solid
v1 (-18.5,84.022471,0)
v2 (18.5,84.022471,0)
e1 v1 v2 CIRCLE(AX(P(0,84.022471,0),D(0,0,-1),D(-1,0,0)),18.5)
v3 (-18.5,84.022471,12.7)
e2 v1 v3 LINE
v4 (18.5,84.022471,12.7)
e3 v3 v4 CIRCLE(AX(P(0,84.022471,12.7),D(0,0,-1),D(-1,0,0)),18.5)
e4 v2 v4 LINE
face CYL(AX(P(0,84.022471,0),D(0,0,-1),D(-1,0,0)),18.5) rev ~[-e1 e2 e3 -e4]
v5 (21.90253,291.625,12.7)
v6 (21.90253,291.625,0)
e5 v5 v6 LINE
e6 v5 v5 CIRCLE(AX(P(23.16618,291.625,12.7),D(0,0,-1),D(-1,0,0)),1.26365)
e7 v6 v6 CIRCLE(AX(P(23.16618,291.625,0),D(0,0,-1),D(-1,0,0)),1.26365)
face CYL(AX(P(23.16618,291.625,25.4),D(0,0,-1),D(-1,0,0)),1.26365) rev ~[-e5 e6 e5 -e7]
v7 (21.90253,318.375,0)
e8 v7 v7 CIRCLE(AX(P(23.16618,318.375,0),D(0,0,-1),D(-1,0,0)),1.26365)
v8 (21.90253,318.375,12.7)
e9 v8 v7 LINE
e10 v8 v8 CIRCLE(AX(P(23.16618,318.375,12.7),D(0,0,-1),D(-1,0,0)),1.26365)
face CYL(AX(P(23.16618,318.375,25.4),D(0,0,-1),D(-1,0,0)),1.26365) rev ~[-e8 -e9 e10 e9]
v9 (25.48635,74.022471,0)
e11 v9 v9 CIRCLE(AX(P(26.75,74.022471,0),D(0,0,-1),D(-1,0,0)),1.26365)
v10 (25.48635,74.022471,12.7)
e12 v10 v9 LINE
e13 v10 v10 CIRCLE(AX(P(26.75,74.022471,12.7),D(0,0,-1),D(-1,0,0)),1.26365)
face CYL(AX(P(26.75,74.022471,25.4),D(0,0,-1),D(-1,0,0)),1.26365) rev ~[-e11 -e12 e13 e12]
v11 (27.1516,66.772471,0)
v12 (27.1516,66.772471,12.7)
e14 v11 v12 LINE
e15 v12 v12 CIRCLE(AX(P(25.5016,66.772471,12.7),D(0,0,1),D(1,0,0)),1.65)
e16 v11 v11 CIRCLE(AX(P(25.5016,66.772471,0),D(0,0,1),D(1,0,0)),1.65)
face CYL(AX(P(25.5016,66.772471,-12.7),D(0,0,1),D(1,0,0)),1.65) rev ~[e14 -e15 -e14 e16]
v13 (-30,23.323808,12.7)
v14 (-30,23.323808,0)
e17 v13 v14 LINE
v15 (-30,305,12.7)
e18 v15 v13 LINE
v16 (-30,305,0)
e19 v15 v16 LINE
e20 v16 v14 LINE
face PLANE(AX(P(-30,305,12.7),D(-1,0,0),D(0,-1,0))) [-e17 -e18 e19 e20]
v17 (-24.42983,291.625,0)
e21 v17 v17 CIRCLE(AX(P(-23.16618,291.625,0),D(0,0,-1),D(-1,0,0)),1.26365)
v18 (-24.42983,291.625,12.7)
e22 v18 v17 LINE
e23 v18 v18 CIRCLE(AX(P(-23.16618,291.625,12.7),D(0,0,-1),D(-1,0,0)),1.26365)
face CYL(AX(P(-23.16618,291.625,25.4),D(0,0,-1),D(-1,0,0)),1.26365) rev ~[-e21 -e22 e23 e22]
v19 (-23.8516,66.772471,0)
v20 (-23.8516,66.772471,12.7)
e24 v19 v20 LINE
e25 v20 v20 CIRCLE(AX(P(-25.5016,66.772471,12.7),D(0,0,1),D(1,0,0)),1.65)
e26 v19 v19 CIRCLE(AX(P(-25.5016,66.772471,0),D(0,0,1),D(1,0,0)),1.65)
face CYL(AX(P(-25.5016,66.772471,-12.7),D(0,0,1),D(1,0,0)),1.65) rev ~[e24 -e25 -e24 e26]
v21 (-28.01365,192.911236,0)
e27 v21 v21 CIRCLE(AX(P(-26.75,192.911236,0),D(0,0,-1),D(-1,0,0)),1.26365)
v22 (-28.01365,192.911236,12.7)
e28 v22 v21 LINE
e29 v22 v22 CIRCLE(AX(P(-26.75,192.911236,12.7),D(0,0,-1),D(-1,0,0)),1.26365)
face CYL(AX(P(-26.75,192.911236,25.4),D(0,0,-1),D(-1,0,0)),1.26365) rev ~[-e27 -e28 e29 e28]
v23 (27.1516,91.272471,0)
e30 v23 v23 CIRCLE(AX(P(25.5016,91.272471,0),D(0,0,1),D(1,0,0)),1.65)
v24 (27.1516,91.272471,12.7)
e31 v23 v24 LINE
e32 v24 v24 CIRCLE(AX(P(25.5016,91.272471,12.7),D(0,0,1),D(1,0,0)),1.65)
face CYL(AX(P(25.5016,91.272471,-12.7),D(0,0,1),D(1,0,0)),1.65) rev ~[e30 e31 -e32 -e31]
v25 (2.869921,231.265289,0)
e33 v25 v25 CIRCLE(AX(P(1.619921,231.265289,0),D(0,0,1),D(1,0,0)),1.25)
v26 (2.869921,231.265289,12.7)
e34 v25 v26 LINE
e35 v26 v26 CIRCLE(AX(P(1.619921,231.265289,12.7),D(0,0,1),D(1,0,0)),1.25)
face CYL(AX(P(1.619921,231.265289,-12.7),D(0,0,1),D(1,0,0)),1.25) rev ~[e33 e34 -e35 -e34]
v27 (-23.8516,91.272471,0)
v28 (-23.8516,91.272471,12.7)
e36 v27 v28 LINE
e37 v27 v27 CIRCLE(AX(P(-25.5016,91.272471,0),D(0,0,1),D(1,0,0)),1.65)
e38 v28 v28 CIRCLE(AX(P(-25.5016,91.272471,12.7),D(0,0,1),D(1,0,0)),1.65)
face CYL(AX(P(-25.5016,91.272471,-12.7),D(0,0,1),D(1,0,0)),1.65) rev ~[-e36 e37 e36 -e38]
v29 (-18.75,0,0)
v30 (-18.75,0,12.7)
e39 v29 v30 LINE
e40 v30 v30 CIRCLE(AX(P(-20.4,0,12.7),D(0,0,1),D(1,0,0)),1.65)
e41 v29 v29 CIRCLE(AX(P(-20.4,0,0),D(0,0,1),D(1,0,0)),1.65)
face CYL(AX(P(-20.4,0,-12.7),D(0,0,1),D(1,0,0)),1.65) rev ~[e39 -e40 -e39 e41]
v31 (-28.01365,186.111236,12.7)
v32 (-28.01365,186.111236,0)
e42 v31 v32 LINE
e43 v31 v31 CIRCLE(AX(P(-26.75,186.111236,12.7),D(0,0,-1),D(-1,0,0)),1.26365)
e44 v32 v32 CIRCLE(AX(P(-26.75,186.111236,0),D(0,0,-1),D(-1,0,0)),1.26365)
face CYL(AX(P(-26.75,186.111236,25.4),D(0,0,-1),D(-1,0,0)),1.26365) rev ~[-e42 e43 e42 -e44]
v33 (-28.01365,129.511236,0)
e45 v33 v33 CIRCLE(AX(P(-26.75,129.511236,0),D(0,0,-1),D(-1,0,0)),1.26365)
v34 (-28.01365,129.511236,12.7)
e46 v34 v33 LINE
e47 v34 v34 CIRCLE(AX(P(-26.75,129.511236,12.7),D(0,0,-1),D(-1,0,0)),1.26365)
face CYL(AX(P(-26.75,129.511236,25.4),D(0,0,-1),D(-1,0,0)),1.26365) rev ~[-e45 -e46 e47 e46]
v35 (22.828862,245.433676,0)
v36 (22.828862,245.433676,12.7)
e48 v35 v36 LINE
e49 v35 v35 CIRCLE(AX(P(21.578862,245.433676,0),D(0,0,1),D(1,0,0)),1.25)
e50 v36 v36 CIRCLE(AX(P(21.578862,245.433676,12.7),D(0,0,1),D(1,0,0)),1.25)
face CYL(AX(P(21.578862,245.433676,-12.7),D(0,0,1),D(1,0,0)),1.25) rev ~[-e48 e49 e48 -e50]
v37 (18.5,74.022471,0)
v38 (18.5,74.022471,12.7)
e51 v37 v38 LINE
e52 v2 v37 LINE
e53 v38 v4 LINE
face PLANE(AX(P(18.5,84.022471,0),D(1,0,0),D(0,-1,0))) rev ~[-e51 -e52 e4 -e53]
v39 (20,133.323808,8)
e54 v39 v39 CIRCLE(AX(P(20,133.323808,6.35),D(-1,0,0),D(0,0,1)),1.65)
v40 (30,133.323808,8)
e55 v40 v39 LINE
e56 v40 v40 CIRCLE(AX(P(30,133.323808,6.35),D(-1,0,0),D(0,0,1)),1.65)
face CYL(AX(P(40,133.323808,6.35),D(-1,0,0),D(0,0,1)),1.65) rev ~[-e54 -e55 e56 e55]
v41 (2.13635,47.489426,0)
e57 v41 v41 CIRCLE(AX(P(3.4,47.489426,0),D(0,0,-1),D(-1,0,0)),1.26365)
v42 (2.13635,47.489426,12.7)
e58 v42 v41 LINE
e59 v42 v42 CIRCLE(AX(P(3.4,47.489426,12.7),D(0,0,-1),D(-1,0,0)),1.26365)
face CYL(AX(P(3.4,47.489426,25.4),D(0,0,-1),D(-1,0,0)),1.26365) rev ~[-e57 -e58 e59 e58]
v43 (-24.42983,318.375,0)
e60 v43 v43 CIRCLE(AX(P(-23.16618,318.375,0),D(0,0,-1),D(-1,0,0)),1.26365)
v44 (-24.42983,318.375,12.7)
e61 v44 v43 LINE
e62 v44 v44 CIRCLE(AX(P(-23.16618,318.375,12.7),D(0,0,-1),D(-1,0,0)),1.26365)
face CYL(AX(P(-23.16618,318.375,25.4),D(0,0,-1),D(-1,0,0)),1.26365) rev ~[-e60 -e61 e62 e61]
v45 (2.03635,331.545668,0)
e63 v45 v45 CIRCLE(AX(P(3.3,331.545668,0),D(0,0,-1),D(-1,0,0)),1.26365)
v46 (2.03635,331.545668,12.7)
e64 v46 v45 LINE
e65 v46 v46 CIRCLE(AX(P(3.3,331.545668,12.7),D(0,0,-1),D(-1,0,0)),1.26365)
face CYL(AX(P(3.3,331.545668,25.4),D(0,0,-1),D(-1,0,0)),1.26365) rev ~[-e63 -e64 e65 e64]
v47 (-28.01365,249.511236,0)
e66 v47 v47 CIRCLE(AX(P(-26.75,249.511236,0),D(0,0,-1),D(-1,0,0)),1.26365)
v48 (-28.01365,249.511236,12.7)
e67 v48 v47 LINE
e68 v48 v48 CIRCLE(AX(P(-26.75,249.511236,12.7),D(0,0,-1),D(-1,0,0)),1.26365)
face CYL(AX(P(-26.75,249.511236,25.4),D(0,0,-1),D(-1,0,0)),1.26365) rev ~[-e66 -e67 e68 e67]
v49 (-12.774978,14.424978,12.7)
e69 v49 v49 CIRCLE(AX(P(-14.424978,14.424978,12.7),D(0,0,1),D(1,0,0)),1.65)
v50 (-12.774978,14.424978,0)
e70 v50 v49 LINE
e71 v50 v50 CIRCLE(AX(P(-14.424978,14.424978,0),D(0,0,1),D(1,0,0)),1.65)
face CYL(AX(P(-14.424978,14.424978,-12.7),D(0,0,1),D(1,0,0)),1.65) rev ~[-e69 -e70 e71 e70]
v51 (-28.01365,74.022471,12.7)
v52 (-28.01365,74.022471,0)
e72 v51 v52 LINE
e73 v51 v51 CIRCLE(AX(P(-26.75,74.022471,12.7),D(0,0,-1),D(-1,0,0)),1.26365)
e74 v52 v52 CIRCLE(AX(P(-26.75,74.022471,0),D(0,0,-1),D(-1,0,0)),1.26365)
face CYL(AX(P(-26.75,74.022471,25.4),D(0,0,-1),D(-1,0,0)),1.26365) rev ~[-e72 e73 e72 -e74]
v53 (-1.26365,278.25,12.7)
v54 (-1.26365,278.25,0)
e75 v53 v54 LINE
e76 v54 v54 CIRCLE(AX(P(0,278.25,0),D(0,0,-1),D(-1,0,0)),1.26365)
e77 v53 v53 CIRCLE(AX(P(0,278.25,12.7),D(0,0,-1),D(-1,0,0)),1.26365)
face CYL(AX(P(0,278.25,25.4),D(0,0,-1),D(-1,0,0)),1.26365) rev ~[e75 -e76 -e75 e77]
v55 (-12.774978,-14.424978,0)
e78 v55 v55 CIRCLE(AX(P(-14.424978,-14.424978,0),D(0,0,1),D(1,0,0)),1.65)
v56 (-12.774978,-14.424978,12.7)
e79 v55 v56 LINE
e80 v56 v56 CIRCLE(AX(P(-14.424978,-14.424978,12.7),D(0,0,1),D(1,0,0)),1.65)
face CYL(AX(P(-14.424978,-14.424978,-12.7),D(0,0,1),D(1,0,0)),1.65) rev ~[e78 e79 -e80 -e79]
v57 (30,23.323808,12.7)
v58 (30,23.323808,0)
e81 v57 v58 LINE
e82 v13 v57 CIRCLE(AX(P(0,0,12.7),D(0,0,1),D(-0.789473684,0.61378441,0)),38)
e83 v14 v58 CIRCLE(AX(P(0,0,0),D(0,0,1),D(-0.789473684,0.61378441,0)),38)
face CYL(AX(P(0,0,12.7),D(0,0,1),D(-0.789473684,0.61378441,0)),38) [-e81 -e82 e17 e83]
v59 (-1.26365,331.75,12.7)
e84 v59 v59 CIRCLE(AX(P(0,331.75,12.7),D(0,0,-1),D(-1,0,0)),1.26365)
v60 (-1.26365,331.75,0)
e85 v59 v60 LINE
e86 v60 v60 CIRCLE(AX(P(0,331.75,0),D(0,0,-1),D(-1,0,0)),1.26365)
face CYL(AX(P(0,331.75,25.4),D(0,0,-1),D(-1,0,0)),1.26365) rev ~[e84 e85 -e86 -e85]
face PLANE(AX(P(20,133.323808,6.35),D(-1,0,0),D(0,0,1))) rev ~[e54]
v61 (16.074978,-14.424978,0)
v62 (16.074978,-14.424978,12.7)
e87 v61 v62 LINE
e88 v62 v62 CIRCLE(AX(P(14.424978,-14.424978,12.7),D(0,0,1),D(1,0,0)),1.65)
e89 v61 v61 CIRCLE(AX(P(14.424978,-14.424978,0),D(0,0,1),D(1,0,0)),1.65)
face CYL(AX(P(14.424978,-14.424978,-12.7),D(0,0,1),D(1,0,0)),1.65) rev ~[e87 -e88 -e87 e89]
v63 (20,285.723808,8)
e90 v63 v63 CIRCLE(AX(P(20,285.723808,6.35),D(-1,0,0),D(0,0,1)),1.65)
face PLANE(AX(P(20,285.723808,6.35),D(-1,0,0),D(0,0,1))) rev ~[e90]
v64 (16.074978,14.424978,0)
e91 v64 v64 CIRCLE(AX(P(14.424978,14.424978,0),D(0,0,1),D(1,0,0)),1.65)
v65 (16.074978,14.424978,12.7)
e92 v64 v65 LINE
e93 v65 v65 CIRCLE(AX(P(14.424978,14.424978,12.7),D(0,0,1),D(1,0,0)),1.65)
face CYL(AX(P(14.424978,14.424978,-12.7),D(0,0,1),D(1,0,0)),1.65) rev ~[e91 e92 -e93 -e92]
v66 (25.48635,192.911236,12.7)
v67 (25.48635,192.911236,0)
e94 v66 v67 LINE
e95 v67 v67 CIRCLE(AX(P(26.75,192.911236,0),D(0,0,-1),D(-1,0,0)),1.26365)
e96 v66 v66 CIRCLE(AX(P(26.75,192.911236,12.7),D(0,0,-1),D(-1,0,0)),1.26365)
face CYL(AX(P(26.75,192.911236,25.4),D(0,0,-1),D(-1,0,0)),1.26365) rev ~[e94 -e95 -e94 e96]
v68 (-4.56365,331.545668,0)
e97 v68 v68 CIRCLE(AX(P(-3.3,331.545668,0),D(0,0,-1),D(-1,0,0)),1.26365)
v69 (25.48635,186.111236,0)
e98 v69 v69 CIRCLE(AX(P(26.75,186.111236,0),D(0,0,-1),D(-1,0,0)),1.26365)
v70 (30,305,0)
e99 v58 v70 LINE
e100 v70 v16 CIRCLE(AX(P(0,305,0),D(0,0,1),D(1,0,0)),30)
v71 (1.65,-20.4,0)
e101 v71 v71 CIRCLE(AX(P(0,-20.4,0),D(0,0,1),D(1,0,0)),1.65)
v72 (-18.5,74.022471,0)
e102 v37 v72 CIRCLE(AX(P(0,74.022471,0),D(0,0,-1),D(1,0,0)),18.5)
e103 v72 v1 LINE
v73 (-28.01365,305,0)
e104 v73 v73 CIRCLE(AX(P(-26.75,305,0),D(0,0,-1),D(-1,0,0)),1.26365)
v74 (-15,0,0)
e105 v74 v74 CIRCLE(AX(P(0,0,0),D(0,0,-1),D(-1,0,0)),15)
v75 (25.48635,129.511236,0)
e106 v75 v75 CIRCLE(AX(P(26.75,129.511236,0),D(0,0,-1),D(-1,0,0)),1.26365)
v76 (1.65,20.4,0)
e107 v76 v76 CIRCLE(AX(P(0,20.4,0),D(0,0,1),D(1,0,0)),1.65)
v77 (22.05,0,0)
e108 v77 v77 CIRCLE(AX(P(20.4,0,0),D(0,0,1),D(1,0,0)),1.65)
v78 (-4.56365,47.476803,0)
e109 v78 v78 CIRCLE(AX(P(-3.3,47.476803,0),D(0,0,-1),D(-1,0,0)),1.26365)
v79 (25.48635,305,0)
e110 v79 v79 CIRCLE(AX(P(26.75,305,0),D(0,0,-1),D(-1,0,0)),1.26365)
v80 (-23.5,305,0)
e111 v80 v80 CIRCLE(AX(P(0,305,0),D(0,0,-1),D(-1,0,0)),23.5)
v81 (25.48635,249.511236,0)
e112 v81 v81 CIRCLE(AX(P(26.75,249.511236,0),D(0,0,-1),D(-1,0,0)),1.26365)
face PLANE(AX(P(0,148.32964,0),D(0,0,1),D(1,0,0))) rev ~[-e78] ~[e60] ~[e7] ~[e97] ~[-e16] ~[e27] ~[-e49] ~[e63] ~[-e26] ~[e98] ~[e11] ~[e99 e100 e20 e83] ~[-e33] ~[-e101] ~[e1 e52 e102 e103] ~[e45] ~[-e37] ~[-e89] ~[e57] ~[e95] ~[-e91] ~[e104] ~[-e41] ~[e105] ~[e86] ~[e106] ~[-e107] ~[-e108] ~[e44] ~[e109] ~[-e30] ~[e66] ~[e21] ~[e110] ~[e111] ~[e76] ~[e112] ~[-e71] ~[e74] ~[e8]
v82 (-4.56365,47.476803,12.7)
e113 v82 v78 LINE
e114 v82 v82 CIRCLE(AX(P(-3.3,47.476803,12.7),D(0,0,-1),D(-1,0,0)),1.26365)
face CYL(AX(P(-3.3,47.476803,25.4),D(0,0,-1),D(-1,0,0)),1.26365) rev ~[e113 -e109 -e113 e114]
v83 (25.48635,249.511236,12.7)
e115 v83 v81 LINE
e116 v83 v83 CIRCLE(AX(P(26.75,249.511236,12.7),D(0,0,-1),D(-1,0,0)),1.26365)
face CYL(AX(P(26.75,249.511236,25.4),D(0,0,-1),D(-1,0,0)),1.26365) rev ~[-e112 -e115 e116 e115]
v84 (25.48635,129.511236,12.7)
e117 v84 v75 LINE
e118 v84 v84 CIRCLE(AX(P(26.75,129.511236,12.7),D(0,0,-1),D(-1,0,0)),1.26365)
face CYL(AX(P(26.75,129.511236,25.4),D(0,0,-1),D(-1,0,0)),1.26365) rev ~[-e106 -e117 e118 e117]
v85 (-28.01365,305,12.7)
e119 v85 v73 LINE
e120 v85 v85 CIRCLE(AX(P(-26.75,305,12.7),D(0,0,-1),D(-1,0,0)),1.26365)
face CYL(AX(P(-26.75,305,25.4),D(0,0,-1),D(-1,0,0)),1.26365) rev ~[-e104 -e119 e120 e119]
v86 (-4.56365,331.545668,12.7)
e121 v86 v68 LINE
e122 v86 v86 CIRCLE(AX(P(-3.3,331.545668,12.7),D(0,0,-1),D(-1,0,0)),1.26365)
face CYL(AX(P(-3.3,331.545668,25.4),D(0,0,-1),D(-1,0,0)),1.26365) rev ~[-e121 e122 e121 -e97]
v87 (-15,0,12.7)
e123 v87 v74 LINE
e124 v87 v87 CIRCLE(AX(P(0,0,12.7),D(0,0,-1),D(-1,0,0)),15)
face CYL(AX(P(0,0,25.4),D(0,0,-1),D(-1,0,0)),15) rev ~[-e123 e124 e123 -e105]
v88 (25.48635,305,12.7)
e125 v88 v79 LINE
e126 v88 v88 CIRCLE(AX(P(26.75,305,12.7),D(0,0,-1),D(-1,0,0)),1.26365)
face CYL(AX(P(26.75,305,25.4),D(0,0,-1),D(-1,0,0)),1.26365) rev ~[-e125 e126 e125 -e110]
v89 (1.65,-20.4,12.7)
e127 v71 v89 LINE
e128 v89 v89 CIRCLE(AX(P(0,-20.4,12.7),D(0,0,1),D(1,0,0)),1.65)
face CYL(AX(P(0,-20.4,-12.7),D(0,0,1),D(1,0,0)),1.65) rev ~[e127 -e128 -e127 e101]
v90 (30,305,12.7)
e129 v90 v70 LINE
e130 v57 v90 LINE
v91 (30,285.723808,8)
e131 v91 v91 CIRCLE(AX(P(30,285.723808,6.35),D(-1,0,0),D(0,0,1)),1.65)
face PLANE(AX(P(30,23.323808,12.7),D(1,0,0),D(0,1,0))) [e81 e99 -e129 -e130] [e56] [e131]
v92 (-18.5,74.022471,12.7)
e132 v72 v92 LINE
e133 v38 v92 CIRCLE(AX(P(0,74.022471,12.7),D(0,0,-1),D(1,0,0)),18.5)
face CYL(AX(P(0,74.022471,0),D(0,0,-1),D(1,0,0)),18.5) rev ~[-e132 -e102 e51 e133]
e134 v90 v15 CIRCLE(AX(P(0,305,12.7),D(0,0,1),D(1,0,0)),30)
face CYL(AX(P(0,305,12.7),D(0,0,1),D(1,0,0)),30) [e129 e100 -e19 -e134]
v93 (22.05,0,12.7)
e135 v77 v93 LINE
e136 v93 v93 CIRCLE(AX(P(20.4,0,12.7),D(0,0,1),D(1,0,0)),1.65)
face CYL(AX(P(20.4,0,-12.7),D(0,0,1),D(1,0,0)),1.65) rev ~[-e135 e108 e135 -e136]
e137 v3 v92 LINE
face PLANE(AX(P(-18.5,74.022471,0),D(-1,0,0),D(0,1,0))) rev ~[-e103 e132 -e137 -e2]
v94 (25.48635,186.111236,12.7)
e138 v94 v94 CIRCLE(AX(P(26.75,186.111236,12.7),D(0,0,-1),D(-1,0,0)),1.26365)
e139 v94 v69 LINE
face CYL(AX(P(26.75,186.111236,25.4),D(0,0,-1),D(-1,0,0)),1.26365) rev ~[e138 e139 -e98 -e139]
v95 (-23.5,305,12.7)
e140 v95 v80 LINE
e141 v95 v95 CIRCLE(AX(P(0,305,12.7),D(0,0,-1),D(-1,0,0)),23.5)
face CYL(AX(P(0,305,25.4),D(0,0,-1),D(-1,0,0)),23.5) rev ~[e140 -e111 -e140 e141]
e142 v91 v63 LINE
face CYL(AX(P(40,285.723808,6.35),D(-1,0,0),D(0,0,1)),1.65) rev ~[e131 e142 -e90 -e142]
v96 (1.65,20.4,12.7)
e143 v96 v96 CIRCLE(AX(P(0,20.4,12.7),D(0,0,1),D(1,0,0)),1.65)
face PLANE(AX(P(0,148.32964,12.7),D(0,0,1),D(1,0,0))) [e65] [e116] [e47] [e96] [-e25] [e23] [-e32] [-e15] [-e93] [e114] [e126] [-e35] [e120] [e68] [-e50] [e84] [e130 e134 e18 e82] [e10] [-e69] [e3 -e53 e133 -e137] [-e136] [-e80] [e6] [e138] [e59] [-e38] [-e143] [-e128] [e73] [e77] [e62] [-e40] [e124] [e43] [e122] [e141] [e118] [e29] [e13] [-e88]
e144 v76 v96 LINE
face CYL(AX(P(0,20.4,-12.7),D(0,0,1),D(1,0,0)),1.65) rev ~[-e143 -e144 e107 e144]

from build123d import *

# Parameters (mm, degrees)
BOSS_EXTRUDE1_DEPTH              = 12.7
CUT_EXTRUDE1_DEPTH               = 13.7
HOLE1_D                          = 30
HOLE1_DEPTH                      = 12.7
HOLE2_D                          = 47
HOLE2_DEPTH                      = 12.7
F_39_0_0995_DIAMETER_HOLE1_D     = 2.5273
F_39_0_0995_DIAMETER_HOLE1_DEPTH = 12.7
F_4_CLEARANCE_HOLE1_D            = 3.3
F_4_CLEARANCE_HOLE1_DEPTH        = 12.7
F_2_CLEARANCE_HOLE1_D            = 2.499999999
F_2_CLEARANCE_HOLE1_DEPTH        = 12.7
F_4_CLEARANCE_HOLE2_D            = 3.3
F_4_CLEARANCE_HOLE2_DEPTH        = 10


with BuildPart() as part:
    # Sketch1 → Boss-Extrude1 (new body)
    with BuildSketch(Plane.XY.offset(12.7)):
        with BuildLine():
            Line((-30, 305), (-30, 23.323807579))
            ThreePointArc((-30, 23.323807579), (0, -38), (30, 23.323807579))
            Line((30, 23.323807579), (30, 305))
            ThreePointArc((30, 305), (0, 335), (-30, 305))
        make_face()
    extrude(amount=-BOSS_EXTRUDE1_DEPTH)

    # Sketch2 → Cut-Extrude1 (cut, through all)
    with BuildSketch(Plane(origin=(0, 0, 0), x_dir=(-1, 0, 0), z_dir=(0, 0, -1))):
        with BuildLine():
            Line((18.5, 74.022471071), (18.5, 84.022471071))
            ThreePointArc((18.5, 84.022471071), (0, 102.522471071), (-18.5, 84.022471071))
            Line((-18.5, 84.022471071), (-18.5, 74.022471071))
            ThreePointArc((-18.5, 74.022471071), (0, 55.522471071), (18.5, 74.022471071))
        make_face()
    extrude(amount=-CUT_EXTRUDE1_DEPTH, mode=Mode.SUBTRACT)

    # Hole1
    with Locations(Plane.XY.offset(12.7)):
        with Locations((0, 0)):
            Hole(HOLE1_D / 2, depth=HOLE1_DEPTH)

    # Hole2
    with Locations(Plane.XY.offset(12.7)):
        with Locations((0, 305)):
            Hole(HOLE2_D / 2, depth=HOLE2_DEPTH)

    # #39 (0.0995) Diameter Hole1
    with Locations(Plane.XY.offset(12.7)):
        with Locations((-26.75, 74.022471071), (-26.75, 129.511235535), (-26.75, 186.111235535), (-26.750000001, 192.911235535), (-26.750000001, 249.511235535), (-26.750000001, 305), (-3.300000001, 331.545668196), (3.299999999, 331.545668196), (26.749999999, 305), (26.749999999, 249.511235535), (26.749999999, 192.911235535), (26.75, 186.111235535), (26.75, 129.511235535), (26.75, 74.022471071), (3.4, 47.489425637), (-3.3, 47.476802874), (-23.166179551, 318.375), (-23.166179551, 291.625), (0, 278.25), (23.166179551, 291.625), (23.166179551, 318.375), (0, 331.75)):
            Hole(F_39_0_0995_DIAMETER_HOLE1_D / 2, depth=F_39_0_0995_DIAMETER_HOLE1_DEPTH)

    # #4 Clearance Hole1
    with Locations(Plane(origin=(0, 0, 0), x_dir=(-1, 0, 0), z_dir=(0, 0, -1))):
        with Locations((-25.5016, 66.772471071), (-25.5016, 91.272471071), (14.424978336, 14.424978336), (20.4, 0), (14.424978336, -14.424978336), (0, -20.4), (-14.424978336, -14.424978336), (-20.4, 0), (-14.424978336, 14.424978336), (0, 20.4), (25.5016, 66.772471071), (25.5016, 91.272471071)):
            Hole(F_4_CLEARANCE_HOLE1_D / 2, depth=F_4_CLEARANCE_HOLE1_DEPTH)

    # #2 Clearance Hole1
    with Locations(Plane(origin=(0, 0, 0), x_dir=(-1, 0, 0), z_dir=(0, 0, -1))):
        with Locations((-1.619921459, 231.265288591), (-21.578861519, 245.43367635)):
            Hole(F_2_CLEARANCE_HOLE1_D / 2, depth=F_2_CLEARANCE_HOLE1_DEPTH)

    # #4 Clearance Hole2
    with Locations(Plane(origin=(30, 0, 0), x_dir=(0, 0, -1), z_dir=(1, 0, 0))):
        with Locations((-6.35, 285.723807579), (-6.35, 133.323807579)):
            Hole(F_4_CLEARANCE_HOLE2_D / 2, depth=F_4_CLEARANCE_HOLE2_DEPTH)


solid = part.part
